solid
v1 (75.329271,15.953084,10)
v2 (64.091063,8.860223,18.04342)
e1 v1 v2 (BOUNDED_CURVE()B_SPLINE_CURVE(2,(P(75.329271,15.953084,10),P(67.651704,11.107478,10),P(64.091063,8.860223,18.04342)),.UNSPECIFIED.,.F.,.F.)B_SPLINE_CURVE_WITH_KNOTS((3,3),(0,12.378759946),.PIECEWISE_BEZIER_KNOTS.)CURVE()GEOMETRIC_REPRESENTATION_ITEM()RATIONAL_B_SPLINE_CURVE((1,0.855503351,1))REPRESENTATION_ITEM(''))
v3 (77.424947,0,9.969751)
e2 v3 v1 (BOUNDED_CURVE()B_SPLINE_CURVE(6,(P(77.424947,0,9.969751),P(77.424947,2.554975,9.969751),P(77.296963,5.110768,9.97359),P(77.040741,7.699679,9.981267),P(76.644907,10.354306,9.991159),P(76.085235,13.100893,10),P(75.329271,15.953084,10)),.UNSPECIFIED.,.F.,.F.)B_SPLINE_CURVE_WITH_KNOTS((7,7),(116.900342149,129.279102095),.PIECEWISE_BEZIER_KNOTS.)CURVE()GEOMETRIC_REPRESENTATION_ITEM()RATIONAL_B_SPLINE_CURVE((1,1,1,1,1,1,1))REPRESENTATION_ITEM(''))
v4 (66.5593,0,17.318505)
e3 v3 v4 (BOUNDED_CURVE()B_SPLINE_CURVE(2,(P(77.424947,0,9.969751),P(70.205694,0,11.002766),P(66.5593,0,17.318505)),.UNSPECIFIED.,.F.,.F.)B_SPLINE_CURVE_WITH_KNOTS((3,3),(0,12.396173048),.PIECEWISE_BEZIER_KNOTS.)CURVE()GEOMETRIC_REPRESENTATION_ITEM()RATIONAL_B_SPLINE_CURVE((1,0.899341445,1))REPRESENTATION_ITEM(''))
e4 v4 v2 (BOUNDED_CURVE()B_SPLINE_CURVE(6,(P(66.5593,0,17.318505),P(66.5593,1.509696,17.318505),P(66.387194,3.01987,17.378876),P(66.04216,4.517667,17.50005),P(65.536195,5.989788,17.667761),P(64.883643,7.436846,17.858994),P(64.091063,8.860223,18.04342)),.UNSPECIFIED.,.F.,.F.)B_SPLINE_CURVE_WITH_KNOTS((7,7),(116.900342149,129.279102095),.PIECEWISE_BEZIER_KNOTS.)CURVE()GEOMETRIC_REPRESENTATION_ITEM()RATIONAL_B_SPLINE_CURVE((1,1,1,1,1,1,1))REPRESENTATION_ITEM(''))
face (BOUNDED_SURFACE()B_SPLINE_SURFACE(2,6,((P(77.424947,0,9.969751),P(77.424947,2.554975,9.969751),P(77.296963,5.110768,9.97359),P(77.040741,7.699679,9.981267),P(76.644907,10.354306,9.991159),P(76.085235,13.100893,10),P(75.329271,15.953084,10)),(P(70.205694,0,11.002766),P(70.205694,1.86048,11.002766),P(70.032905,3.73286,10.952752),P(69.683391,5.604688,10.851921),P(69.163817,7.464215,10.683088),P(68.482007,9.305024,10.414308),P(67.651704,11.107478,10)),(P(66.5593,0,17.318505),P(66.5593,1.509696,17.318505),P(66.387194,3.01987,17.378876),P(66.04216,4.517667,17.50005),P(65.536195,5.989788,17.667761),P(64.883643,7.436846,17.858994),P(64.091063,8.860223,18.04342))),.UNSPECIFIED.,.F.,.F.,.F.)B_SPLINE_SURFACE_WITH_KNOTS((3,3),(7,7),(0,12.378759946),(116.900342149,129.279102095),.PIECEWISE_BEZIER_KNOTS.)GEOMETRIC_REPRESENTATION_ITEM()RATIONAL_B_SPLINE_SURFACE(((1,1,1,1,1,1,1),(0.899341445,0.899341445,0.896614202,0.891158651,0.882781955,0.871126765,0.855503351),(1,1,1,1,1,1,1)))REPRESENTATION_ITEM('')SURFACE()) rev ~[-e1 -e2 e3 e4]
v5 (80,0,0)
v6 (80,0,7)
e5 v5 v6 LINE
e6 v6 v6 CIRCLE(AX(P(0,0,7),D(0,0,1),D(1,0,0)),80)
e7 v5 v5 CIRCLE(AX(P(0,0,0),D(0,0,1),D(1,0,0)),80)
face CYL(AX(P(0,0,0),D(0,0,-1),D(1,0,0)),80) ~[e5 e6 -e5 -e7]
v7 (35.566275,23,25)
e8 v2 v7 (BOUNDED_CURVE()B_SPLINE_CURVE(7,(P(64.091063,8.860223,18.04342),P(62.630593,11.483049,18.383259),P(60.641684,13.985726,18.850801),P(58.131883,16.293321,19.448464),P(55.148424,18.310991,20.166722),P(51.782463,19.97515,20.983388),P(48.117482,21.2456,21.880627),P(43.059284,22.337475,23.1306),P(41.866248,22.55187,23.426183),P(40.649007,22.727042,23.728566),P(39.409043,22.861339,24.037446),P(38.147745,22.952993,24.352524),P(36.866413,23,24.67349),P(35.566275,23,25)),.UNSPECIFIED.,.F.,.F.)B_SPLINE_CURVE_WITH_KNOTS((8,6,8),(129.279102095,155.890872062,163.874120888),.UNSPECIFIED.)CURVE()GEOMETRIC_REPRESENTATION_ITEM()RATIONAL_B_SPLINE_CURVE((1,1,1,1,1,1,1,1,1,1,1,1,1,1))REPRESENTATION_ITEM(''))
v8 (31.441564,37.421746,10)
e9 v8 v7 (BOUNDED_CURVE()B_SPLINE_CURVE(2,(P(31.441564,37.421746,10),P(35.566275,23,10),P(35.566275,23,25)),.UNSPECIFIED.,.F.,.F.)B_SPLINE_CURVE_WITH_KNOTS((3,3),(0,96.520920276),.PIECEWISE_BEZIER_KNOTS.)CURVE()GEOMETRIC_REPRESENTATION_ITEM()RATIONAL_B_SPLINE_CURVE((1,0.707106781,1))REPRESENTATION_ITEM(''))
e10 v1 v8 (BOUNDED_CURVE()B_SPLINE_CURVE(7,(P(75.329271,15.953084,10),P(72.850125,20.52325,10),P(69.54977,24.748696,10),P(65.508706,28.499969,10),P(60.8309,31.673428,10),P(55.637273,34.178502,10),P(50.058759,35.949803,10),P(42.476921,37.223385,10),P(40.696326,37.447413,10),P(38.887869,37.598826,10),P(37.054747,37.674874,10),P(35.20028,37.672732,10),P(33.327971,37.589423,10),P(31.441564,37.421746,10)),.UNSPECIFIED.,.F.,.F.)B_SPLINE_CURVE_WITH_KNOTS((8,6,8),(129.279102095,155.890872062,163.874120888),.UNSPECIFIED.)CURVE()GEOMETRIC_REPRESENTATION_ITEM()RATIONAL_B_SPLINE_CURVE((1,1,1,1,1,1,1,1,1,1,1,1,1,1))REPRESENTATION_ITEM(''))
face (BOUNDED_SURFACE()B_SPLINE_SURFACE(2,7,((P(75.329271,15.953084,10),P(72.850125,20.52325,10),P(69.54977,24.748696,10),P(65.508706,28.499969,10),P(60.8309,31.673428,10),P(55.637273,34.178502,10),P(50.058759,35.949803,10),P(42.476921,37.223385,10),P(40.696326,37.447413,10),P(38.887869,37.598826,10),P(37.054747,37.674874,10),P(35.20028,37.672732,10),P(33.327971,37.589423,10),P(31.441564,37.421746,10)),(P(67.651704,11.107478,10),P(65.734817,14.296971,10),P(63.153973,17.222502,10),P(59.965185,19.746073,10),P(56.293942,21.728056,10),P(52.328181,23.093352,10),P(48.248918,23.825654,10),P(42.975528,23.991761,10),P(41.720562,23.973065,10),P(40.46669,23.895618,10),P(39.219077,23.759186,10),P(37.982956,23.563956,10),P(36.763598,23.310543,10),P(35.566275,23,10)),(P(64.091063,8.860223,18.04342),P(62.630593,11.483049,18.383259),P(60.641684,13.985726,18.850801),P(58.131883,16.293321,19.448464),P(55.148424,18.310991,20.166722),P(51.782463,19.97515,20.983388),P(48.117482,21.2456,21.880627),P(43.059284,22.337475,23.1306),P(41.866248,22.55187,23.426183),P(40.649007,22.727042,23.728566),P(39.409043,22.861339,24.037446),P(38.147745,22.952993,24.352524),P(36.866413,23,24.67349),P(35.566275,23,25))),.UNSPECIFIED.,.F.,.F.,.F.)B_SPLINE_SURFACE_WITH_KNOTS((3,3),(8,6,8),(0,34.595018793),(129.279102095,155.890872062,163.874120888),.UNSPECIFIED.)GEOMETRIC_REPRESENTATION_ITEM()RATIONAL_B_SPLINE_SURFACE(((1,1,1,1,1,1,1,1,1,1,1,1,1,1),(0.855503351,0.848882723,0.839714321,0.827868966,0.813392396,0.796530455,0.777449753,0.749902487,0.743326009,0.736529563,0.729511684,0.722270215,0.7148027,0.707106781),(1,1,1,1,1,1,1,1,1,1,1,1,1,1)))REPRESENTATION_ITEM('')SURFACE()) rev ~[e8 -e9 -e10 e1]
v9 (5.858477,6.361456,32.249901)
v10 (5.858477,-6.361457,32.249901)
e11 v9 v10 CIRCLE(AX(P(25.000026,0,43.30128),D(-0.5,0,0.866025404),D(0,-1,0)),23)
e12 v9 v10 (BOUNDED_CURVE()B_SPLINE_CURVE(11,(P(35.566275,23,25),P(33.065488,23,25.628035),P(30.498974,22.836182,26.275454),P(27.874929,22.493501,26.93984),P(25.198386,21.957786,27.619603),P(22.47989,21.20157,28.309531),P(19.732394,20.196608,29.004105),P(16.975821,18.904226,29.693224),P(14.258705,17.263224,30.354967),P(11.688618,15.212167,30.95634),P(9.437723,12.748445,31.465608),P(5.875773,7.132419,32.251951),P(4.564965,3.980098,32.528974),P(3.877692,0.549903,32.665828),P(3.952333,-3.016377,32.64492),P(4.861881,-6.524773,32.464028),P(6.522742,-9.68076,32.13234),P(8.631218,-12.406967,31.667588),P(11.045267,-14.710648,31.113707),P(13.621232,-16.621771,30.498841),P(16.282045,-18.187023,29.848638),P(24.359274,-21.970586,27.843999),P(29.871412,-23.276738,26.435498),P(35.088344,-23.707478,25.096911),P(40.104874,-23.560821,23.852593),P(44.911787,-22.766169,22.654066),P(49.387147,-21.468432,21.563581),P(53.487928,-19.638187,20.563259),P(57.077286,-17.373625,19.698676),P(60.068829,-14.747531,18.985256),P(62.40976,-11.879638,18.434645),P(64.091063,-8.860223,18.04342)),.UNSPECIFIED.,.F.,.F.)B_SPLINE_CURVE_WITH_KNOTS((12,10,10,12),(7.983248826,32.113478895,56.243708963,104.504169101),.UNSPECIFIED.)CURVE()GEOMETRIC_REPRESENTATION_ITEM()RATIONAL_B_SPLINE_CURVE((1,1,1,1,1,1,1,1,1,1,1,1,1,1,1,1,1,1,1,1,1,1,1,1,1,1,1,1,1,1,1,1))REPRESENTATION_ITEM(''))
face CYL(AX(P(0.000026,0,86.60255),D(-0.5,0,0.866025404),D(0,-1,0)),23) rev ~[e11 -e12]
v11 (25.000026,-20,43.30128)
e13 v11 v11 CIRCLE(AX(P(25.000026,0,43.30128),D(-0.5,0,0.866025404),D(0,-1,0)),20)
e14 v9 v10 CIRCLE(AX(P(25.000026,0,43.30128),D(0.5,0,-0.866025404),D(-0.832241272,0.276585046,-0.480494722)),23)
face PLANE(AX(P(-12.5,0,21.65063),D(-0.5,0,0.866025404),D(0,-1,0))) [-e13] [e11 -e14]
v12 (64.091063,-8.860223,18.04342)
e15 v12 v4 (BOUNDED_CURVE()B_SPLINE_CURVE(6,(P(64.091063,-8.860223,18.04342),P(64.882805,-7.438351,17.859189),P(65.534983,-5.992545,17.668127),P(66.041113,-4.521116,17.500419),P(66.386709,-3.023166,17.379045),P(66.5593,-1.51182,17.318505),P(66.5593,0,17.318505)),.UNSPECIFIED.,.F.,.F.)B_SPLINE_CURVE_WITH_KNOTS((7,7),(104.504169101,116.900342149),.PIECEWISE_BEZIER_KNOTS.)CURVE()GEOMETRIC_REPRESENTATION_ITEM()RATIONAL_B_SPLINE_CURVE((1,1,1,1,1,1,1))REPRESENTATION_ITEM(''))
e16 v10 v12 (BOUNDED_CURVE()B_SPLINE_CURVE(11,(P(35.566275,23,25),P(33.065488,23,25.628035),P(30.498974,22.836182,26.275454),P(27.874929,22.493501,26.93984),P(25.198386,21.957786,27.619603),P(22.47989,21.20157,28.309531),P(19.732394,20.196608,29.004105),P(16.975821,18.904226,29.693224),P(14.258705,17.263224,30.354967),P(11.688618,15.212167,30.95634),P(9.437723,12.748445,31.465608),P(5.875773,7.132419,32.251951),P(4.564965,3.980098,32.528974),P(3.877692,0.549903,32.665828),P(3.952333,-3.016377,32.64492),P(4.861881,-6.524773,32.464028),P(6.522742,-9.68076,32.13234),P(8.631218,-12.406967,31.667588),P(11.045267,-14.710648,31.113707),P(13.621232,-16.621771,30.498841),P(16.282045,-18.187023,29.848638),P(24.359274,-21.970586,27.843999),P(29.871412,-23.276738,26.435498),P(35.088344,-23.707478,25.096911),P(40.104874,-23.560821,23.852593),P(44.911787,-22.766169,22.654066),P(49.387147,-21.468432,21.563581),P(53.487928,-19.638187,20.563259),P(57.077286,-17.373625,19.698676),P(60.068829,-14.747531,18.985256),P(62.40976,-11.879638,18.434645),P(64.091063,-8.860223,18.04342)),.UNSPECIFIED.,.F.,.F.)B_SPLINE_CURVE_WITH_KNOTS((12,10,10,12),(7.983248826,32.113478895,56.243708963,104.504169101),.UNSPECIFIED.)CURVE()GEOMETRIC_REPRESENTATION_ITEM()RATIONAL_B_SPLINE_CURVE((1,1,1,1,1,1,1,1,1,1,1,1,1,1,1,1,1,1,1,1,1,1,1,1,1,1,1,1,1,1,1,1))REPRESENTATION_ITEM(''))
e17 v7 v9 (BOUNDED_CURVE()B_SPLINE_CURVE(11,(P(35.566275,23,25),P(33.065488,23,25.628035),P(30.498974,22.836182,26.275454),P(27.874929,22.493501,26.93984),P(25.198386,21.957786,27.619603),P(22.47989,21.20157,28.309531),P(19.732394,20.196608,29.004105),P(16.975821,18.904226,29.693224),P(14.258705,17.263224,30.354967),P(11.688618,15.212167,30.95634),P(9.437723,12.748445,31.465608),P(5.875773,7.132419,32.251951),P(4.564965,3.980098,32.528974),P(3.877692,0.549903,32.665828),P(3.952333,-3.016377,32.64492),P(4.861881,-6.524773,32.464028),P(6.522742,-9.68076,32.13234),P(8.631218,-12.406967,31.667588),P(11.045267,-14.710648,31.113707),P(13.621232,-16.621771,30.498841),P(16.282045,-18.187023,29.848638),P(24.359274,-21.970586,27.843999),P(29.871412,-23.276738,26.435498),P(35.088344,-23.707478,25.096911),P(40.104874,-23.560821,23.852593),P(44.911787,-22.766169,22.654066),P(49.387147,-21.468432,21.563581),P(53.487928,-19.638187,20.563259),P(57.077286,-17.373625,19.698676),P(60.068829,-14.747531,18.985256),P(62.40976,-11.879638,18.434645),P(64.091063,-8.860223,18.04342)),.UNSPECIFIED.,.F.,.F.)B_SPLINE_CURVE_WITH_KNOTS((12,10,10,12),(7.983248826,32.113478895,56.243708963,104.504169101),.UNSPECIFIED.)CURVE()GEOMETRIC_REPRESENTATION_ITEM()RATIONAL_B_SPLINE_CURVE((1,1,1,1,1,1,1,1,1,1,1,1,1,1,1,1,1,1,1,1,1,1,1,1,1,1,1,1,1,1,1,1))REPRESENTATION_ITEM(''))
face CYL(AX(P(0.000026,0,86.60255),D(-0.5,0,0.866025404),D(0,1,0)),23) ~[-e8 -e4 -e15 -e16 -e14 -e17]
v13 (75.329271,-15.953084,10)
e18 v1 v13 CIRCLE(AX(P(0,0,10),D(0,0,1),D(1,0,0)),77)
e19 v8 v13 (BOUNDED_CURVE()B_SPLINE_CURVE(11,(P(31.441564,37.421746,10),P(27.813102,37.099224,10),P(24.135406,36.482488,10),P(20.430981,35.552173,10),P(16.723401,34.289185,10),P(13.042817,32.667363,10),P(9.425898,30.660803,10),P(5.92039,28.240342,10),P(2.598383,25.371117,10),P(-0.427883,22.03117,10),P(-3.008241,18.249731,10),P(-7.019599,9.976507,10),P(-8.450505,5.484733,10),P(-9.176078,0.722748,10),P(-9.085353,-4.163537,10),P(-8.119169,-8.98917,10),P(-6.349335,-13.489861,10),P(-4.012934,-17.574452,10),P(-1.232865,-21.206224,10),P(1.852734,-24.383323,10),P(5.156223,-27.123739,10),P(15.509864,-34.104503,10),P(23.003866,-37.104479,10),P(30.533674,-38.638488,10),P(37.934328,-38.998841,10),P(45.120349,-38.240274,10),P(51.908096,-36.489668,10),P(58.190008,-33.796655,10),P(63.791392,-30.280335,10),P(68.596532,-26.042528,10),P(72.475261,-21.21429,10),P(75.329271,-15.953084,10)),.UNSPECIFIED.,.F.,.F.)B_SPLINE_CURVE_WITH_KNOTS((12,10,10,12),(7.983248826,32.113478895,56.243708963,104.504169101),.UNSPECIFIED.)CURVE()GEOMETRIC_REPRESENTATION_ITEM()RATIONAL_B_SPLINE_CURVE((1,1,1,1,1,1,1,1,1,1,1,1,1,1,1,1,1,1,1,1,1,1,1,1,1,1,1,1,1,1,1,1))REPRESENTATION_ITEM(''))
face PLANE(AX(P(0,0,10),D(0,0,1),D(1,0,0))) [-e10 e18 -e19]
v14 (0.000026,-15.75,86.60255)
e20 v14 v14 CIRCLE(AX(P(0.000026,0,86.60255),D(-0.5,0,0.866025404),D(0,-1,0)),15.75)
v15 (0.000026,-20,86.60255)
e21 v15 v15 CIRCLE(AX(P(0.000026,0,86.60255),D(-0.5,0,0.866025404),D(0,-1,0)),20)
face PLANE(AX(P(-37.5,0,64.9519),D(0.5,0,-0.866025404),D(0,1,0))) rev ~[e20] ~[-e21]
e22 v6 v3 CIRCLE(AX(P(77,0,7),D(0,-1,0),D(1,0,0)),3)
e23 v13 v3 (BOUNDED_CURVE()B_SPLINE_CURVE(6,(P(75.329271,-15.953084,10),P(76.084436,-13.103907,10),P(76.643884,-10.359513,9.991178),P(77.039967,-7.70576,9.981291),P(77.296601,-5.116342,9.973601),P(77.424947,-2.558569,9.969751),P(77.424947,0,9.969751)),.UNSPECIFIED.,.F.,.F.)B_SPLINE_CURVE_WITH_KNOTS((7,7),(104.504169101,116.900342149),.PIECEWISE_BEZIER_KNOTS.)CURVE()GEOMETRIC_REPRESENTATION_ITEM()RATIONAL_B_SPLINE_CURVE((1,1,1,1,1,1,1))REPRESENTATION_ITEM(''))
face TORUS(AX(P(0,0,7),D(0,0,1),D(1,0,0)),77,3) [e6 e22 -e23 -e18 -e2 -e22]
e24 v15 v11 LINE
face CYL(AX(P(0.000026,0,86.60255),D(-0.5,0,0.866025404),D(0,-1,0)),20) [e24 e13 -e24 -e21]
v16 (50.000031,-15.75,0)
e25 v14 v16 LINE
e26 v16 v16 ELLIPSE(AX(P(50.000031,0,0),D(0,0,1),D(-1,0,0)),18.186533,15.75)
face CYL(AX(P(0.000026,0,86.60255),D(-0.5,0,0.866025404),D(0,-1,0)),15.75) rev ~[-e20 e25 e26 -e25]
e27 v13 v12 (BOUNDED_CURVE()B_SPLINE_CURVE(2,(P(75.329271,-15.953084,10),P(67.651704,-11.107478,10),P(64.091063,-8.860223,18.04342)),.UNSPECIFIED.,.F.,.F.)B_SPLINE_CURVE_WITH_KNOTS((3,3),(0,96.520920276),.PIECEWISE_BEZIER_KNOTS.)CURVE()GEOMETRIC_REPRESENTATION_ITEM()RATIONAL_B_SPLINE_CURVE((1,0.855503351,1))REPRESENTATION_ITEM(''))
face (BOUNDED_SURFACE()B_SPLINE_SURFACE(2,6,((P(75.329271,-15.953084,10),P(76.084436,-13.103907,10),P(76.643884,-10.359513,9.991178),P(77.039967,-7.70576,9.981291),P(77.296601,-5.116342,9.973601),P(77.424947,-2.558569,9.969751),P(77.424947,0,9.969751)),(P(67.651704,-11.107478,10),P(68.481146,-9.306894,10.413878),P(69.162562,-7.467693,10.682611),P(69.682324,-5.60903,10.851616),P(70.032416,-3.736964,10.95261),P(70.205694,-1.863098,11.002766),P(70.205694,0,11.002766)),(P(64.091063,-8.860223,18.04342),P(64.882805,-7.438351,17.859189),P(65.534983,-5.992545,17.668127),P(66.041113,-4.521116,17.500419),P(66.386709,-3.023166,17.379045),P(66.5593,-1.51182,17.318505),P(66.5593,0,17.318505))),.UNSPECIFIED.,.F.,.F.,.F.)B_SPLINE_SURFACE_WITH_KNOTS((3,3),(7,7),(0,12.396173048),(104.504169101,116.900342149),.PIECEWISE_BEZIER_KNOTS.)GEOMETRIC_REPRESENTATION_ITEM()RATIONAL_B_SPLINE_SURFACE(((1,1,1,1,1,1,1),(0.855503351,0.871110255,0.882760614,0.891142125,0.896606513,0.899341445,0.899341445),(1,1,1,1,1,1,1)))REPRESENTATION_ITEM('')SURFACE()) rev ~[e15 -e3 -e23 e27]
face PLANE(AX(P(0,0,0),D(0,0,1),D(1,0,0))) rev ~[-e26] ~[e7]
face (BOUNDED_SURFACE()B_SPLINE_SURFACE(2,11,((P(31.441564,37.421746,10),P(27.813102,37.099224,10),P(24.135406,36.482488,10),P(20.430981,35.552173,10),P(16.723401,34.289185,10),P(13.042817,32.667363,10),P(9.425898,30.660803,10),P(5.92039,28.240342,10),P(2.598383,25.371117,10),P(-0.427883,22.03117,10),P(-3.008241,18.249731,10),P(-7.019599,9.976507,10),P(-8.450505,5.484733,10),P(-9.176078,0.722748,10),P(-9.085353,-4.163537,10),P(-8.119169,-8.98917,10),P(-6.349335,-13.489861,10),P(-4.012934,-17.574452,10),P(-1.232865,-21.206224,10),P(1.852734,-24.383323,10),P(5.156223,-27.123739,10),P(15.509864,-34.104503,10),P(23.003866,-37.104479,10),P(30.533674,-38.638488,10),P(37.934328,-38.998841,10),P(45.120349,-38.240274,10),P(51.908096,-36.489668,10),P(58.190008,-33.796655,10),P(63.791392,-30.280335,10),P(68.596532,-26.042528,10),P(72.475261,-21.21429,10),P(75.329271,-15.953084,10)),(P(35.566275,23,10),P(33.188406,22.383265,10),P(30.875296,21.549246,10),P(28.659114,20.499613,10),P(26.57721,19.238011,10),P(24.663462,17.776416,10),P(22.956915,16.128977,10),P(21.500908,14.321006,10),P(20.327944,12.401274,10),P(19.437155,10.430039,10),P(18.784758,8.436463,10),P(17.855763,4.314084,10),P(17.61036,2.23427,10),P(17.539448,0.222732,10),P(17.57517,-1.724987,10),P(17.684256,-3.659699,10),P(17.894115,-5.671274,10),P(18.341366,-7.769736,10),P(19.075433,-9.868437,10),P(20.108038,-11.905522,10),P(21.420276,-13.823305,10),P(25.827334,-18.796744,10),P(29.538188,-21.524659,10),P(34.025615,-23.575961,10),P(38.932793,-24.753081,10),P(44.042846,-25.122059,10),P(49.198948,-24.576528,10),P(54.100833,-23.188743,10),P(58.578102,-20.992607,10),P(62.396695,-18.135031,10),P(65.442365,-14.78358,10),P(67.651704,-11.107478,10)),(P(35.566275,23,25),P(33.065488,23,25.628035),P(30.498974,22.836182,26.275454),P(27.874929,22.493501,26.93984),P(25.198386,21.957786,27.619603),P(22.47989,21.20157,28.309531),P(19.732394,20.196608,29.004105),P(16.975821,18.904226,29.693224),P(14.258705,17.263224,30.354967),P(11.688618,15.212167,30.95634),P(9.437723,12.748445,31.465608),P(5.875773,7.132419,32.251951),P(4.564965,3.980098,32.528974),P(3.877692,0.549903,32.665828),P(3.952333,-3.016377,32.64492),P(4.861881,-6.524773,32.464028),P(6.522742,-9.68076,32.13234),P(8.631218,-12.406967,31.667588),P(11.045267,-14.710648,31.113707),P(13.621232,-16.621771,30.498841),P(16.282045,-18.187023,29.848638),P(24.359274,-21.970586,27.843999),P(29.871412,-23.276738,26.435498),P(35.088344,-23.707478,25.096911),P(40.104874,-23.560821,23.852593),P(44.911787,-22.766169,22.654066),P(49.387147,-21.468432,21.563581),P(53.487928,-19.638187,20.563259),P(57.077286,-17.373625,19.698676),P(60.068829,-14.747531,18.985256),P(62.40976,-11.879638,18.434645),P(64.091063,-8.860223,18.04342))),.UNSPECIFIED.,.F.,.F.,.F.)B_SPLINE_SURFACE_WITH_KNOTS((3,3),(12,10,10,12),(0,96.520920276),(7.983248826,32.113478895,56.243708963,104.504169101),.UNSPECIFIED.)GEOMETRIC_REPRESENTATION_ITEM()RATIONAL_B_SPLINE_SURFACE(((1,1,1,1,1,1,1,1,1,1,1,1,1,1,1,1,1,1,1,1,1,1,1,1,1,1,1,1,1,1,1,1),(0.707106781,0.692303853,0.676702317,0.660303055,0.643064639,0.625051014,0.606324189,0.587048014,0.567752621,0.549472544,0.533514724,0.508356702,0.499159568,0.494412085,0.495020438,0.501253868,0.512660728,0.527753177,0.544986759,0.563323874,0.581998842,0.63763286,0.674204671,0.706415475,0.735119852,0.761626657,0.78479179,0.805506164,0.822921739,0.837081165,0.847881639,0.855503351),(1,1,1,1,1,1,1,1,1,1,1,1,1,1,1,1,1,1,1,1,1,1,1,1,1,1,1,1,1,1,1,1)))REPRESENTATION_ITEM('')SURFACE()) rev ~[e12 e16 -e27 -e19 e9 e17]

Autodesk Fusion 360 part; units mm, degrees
sketch "Skizze1" plane through (0, 0, 0) normal (0, 0, 1) x (1, 0, 0)
  circle A0 centre (0, 0) radius 80
  dimension "d1" = 160
extrude "Extrusion1" add sketch "Skizze1" along normal blind 10
fillet "Abrundung1" radius 3 1 edges at (-74.5862, -28.9292, 10)
sketch "Skizze2" plane through (0, 0, 0) normal (0, 1, 0) x (1, 0, 0)
  line L0 (0, 0) -> (50, 0) construction
  line L1 (50, 0) -> (50, -40) construction
  line L2 (50, -40) -> (0, -40) construction
  line L3 (0, -40) -> (0, 0) construction
  line L4 (50, 0) -> (0, -86.6025) construction
  line L5 (50, 0) -> (160, 0) construction
  line L6 (0, -86.6025) -> (19.9186, -98.1025)
  line L7 (0, -86.6025) -> (23, -86.6025) construction
  line L8 (0, -86.6025) -> (-19.9186, -75.1025)
  dimension "d6" = 50
  dimension "d7" = 40
  dimension "d8" = 120
  dimension "d9" = 100
  dimension "d10" = 30
  dimension "d11" = 23
sketch "Skizze3" plane through (0, 0, 0) normal (1, 0, 0) x (0, 1, 0)
  line L0 (0, 86.6025) -> (0, 75.1025)
  line L1 (0, 86.6025) -> (0, 98.1025)
  line L2 (0, 86.6025) -> (-23, 86.6025)
  line L3 (0, 86.6025) -> (23, 86.6025)
  point P0 (0, 75.1025)
  point P1 (0, 86.6025)
  dimension "d12" = 23
  dimension "d13" = 23
ref_plane "Arbeitsebene1" through (0, 0, 86.6025) normal (0.5, 0, -0.866) x (0, 1, 0)
sketch "Skizze4" plane through (-37.5, 0, 64.9519) normal (0.5, 0, -0.866) x (0, 1, 0)
  line L0 (0, 43.3013) -> (23, 43.3013)
  line L1 (0, 43.3013) -> (-23, 43.3013)
  line L2 (0, 43.3013) -> (0, 20.3013)
  line L3 (0, 43.3013) -> (0, 66.3013)
  circle A0 centre (0, 43.3013) radius 23
  circle A1 centre (0, 43.3013) radius 15.75
  circle A2 centre (0, 43.3013) radius 20
  point P0 (23, 43.3013)
  point P1 (0, 20.3013)
  point P2 (-23, 43.3013)
  point P3 (0, 66.3013)
  point P4 (0, 43.3013)
  dimension "d15" = 46
  dimension "d20" = 31.5
  dimension "d21" = 40
extrude "Extrusion2" add sketch "Skizze4" along normal blind 120
fillet "Abrundung2" radius 15 1 edges at (17.6684, 0, 10)
sketch "Skizze5" plane through (-37.5, 0, 64.9519) normal (-0.5, 0, 0.866) x (0, -1, 0)
  circle A0 centre (0, 43.3013) radius 23
  circle A1 centre (0, 43.3013) radius 15.75
  dimension "d22" = 31.5
extrude "Extrusion3" cut sketch "Skizze5" against normal blind 170 contours A1
sketch "Skizze6" plane through (-37.5, 0, 64.9519) normal (-0.5, 0, 0.866) x (0, -1, 0)
  circle A0 centre (0, 43.3013) radius 15.75
  circle A1 centre (0, 43.3013) radius 23
  circle A2 centre (0, 43.3013) radius 20
  dimension "d25" = 40
extrude "Extrusion4" cut sketch "Skizze6" against normal blind 50 contours A1
sketch "Skizze7" plane through (0, 0, 0) normal (0, 0, 1) x (1, 0, 0)
  line L0 (-80, 80) -> (111.2852, 80)
  line L1 (111.2852, 80) -> (111.2852, -85.555)
  line L2 (111.2852, -85.555) -> (-80, -85.555)
  line L3 (-80, -85.555) -> (-80, 80)
extrude "Extrusion5" cut sketch "Skizze7" against normal blind 90
